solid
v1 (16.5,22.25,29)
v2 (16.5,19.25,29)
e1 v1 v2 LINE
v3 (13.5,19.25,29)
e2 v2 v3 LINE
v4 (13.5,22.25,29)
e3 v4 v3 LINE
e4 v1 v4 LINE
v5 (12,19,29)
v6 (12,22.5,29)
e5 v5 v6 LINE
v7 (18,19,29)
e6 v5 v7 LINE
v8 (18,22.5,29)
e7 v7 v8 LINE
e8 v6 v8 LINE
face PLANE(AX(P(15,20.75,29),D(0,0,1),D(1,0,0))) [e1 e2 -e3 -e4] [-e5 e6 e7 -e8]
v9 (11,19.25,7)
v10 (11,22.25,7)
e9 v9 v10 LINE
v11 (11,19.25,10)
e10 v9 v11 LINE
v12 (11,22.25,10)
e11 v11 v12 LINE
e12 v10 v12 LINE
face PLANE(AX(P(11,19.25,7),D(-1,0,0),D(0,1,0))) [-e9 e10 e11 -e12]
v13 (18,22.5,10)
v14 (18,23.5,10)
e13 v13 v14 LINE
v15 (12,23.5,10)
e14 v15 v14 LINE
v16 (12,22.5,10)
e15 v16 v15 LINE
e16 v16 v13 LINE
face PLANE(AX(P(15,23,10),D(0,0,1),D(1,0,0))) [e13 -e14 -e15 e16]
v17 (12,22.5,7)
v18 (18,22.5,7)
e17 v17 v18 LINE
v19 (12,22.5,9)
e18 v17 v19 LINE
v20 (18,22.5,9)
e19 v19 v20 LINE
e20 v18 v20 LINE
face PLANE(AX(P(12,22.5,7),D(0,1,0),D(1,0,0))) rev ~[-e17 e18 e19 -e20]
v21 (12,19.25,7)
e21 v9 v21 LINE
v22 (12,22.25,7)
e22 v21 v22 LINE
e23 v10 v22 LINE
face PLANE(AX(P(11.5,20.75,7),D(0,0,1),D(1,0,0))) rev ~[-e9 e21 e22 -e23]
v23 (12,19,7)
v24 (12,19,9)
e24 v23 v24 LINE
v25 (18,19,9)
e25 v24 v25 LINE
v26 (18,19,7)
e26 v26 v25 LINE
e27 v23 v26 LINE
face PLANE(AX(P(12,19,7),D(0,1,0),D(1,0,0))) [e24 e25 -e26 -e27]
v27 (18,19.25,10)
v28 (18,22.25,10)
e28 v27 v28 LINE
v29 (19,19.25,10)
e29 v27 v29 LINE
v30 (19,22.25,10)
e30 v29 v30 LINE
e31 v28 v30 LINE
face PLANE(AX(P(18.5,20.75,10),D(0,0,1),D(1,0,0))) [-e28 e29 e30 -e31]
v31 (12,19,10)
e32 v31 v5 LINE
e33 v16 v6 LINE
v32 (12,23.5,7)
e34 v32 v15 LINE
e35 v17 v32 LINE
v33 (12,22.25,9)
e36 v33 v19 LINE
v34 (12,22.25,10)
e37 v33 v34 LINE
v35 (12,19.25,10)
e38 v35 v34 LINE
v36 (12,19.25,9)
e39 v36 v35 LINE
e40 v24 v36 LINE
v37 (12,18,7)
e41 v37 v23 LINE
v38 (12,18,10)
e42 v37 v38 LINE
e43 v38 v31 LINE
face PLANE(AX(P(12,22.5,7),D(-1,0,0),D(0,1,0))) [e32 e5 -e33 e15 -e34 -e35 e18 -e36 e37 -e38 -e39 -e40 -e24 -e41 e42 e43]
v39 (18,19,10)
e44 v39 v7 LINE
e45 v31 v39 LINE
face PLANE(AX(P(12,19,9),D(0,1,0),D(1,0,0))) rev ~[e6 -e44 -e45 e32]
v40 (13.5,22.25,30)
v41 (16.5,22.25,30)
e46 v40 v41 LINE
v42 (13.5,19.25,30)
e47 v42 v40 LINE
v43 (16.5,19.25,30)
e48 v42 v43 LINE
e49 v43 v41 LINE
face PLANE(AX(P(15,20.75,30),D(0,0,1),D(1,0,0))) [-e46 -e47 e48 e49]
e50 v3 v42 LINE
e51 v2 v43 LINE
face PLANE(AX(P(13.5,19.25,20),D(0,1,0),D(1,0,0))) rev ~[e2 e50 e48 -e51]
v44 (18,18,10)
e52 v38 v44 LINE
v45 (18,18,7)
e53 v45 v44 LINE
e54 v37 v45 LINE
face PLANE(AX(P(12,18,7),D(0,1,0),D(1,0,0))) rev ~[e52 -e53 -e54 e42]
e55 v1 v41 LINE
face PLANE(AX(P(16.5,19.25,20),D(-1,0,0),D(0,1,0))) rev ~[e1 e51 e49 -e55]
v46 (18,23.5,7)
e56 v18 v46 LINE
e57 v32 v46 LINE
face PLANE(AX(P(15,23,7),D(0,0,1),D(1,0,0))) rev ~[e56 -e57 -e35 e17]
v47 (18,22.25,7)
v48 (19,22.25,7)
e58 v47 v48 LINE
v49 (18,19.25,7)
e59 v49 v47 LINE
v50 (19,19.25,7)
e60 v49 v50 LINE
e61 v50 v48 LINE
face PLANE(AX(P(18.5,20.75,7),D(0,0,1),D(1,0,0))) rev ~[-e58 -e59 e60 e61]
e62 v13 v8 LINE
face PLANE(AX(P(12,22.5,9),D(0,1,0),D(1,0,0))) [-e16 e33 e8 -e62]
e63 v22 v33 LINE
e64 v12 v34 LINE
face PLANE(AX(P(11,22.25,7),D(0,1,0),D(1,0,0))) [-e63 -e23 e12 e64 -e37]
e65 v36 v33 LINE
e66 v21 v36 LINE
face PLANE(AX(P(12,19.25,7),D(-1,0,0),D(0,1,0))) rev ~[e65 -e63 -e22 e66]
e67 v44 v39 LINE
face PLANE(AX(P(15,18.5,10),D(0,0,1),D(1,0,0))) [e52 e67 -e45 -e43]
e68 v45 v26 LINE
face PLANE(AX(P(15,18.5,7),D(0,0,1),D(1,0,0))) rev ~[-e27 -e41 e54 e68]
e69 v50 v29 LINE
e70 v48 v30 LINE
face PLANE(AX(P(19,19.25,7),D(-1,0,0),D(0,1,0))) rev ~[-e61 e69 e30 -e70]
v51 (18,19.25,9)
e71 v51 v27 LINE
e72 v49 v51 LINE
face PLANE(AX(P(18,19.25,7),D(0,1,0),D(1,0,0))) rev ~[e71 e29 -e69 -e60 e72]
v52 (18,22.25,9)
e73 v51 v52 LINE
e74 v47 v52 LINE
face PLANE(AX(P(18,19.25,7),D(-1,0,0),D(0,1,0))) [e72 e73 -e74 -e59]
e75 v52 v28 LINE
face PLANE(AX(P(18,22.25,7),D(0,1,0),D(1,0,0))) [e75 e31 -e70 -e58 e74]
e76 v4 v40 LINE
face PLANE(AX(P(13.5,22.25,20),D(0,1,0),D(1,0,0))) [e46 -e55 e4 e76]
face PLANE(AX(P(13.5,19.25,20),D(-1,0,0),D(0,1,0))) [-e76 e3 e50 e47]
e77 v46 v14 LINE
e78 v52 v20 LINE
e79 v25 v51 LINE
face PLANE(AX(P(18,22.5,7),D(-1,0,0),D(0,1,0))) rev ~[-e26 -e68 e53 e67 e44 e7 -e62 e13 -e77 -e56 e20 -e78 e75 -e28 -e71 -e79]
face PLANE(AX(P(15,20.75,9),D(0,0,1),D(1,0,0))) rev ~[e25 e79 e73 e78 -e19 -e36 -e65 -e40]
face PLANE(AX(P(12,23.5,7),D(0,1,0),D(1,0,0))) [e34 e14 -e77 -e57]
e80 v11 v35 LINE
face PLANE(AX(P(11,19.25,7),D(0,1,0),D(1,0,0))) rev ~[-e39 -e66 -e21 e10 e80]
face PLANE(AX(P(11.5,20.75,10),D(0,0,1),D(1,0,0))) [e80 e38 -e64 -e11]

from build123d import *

# Parameters (mm, degrees)
BOX013_W     = 3
BOX013_H     = 3
BOX013_DEPTH = 10
BOX009_W     = 1
BOX009_H     = 3
BOX009_DEPTH = 3
BOX010_W     = 1
BOX010_H     = 3
BOX010_DEPTH = 3
BOX011_W     = 6
BOX011_H     = 1
BOX011_DEPTH = 3
BOX012_W     = 6
BOX012_H     = 1
BOX012_DEPTH = 3
BOX008_W     = 6
BOX008_H     = 3.5
BOX008_DEPTH = 20


with BuildPart() as box013:
    # Box013 → Box013 (new body)
    with BuildSketch(Plane(origin=(13.5, 19.25, 20), x_dir=(1, 0, 0), z_dir=(0, 0, 1))):
        with Locations((1.5, 1.5)):
            Rectangle(BOX013_W, BOX013_H)
    extrude(amount=BOX013_DEPTH)


with BuildPart() as box009:
    # Box009 → Box009 (new body)
    with BuildSketch(Plane(origin=(11, 7.25, 7), x_dir=(1, 0, 0), z_dir=(0, 0, 1))):
        with Locations((0.5, 1.5)):
            Rectangle(BOX009_W, BOX009_H)
    extrude(amount=BOX009_DEPTH)


with BuildPart() as box010:
    # Box010 → Box010 (new body)
    with BuildSketch(Plane(origin=(18, 7.25, 7), x_dir=(1, 0, 0), z_dir=(0, 0, 1))):
        with Locations((0.5, 1.5)):
            Rectangle(BOX010_W, BOX010_H)
    extrude(amount=BOX010_DEPTH)


with BuildPart() as box011:
    # Box011 → Box011 (new body)
    with BuildSketch(Plane(origin=(12, 6, 7), x_dir=(1, 0, 0), z_dir=(0, 0, 1))):
        with Locations((3, 0.5)):
            Rectangle(BOX011_W, BOX011_H)
    extrude(amount=BOX011_DEPTH)


with BuildPart() as box012:
    # Box012 → Box012 (new body)
    with BuildSketch(Plane(origin=(12, 10.5, 7), x_dir=(1, 0, 0), z_dir=(0, 0, 1))):
        with Locations((3, 0.5)):
            Rectangle(BOX012_W, BOX012_H)
    extrude(amount=BOX012_DEPTH)


with BuildPart() as bt_ex2:
    # Box008 → Box008 (new body)
    with BuildSketch(Plane(origin=(12, 7, 9), x_dir=(1, 0, 0), z_dir=(0, 0, 1))):
        with Locations((3, 1.75)):
            Rectangle(BOX008_W, BOX008_H)
    extrude(amount=BOX008_DEPTH)

    # Fusion001: union Box009, Box010, Box011, Box012
    add(box009.part)
    add(box010.part)
    add(box011.part)
    add(box012.part)


with BuildPart() as bt_ex2_1:
    # Fusion001 placement: moved
    add(bt_ex2.part.moved(Location((0, 12, 0))))

    # Fusion006: union Box013
    add(box013.part)


solid = bt_ex2_1.part
